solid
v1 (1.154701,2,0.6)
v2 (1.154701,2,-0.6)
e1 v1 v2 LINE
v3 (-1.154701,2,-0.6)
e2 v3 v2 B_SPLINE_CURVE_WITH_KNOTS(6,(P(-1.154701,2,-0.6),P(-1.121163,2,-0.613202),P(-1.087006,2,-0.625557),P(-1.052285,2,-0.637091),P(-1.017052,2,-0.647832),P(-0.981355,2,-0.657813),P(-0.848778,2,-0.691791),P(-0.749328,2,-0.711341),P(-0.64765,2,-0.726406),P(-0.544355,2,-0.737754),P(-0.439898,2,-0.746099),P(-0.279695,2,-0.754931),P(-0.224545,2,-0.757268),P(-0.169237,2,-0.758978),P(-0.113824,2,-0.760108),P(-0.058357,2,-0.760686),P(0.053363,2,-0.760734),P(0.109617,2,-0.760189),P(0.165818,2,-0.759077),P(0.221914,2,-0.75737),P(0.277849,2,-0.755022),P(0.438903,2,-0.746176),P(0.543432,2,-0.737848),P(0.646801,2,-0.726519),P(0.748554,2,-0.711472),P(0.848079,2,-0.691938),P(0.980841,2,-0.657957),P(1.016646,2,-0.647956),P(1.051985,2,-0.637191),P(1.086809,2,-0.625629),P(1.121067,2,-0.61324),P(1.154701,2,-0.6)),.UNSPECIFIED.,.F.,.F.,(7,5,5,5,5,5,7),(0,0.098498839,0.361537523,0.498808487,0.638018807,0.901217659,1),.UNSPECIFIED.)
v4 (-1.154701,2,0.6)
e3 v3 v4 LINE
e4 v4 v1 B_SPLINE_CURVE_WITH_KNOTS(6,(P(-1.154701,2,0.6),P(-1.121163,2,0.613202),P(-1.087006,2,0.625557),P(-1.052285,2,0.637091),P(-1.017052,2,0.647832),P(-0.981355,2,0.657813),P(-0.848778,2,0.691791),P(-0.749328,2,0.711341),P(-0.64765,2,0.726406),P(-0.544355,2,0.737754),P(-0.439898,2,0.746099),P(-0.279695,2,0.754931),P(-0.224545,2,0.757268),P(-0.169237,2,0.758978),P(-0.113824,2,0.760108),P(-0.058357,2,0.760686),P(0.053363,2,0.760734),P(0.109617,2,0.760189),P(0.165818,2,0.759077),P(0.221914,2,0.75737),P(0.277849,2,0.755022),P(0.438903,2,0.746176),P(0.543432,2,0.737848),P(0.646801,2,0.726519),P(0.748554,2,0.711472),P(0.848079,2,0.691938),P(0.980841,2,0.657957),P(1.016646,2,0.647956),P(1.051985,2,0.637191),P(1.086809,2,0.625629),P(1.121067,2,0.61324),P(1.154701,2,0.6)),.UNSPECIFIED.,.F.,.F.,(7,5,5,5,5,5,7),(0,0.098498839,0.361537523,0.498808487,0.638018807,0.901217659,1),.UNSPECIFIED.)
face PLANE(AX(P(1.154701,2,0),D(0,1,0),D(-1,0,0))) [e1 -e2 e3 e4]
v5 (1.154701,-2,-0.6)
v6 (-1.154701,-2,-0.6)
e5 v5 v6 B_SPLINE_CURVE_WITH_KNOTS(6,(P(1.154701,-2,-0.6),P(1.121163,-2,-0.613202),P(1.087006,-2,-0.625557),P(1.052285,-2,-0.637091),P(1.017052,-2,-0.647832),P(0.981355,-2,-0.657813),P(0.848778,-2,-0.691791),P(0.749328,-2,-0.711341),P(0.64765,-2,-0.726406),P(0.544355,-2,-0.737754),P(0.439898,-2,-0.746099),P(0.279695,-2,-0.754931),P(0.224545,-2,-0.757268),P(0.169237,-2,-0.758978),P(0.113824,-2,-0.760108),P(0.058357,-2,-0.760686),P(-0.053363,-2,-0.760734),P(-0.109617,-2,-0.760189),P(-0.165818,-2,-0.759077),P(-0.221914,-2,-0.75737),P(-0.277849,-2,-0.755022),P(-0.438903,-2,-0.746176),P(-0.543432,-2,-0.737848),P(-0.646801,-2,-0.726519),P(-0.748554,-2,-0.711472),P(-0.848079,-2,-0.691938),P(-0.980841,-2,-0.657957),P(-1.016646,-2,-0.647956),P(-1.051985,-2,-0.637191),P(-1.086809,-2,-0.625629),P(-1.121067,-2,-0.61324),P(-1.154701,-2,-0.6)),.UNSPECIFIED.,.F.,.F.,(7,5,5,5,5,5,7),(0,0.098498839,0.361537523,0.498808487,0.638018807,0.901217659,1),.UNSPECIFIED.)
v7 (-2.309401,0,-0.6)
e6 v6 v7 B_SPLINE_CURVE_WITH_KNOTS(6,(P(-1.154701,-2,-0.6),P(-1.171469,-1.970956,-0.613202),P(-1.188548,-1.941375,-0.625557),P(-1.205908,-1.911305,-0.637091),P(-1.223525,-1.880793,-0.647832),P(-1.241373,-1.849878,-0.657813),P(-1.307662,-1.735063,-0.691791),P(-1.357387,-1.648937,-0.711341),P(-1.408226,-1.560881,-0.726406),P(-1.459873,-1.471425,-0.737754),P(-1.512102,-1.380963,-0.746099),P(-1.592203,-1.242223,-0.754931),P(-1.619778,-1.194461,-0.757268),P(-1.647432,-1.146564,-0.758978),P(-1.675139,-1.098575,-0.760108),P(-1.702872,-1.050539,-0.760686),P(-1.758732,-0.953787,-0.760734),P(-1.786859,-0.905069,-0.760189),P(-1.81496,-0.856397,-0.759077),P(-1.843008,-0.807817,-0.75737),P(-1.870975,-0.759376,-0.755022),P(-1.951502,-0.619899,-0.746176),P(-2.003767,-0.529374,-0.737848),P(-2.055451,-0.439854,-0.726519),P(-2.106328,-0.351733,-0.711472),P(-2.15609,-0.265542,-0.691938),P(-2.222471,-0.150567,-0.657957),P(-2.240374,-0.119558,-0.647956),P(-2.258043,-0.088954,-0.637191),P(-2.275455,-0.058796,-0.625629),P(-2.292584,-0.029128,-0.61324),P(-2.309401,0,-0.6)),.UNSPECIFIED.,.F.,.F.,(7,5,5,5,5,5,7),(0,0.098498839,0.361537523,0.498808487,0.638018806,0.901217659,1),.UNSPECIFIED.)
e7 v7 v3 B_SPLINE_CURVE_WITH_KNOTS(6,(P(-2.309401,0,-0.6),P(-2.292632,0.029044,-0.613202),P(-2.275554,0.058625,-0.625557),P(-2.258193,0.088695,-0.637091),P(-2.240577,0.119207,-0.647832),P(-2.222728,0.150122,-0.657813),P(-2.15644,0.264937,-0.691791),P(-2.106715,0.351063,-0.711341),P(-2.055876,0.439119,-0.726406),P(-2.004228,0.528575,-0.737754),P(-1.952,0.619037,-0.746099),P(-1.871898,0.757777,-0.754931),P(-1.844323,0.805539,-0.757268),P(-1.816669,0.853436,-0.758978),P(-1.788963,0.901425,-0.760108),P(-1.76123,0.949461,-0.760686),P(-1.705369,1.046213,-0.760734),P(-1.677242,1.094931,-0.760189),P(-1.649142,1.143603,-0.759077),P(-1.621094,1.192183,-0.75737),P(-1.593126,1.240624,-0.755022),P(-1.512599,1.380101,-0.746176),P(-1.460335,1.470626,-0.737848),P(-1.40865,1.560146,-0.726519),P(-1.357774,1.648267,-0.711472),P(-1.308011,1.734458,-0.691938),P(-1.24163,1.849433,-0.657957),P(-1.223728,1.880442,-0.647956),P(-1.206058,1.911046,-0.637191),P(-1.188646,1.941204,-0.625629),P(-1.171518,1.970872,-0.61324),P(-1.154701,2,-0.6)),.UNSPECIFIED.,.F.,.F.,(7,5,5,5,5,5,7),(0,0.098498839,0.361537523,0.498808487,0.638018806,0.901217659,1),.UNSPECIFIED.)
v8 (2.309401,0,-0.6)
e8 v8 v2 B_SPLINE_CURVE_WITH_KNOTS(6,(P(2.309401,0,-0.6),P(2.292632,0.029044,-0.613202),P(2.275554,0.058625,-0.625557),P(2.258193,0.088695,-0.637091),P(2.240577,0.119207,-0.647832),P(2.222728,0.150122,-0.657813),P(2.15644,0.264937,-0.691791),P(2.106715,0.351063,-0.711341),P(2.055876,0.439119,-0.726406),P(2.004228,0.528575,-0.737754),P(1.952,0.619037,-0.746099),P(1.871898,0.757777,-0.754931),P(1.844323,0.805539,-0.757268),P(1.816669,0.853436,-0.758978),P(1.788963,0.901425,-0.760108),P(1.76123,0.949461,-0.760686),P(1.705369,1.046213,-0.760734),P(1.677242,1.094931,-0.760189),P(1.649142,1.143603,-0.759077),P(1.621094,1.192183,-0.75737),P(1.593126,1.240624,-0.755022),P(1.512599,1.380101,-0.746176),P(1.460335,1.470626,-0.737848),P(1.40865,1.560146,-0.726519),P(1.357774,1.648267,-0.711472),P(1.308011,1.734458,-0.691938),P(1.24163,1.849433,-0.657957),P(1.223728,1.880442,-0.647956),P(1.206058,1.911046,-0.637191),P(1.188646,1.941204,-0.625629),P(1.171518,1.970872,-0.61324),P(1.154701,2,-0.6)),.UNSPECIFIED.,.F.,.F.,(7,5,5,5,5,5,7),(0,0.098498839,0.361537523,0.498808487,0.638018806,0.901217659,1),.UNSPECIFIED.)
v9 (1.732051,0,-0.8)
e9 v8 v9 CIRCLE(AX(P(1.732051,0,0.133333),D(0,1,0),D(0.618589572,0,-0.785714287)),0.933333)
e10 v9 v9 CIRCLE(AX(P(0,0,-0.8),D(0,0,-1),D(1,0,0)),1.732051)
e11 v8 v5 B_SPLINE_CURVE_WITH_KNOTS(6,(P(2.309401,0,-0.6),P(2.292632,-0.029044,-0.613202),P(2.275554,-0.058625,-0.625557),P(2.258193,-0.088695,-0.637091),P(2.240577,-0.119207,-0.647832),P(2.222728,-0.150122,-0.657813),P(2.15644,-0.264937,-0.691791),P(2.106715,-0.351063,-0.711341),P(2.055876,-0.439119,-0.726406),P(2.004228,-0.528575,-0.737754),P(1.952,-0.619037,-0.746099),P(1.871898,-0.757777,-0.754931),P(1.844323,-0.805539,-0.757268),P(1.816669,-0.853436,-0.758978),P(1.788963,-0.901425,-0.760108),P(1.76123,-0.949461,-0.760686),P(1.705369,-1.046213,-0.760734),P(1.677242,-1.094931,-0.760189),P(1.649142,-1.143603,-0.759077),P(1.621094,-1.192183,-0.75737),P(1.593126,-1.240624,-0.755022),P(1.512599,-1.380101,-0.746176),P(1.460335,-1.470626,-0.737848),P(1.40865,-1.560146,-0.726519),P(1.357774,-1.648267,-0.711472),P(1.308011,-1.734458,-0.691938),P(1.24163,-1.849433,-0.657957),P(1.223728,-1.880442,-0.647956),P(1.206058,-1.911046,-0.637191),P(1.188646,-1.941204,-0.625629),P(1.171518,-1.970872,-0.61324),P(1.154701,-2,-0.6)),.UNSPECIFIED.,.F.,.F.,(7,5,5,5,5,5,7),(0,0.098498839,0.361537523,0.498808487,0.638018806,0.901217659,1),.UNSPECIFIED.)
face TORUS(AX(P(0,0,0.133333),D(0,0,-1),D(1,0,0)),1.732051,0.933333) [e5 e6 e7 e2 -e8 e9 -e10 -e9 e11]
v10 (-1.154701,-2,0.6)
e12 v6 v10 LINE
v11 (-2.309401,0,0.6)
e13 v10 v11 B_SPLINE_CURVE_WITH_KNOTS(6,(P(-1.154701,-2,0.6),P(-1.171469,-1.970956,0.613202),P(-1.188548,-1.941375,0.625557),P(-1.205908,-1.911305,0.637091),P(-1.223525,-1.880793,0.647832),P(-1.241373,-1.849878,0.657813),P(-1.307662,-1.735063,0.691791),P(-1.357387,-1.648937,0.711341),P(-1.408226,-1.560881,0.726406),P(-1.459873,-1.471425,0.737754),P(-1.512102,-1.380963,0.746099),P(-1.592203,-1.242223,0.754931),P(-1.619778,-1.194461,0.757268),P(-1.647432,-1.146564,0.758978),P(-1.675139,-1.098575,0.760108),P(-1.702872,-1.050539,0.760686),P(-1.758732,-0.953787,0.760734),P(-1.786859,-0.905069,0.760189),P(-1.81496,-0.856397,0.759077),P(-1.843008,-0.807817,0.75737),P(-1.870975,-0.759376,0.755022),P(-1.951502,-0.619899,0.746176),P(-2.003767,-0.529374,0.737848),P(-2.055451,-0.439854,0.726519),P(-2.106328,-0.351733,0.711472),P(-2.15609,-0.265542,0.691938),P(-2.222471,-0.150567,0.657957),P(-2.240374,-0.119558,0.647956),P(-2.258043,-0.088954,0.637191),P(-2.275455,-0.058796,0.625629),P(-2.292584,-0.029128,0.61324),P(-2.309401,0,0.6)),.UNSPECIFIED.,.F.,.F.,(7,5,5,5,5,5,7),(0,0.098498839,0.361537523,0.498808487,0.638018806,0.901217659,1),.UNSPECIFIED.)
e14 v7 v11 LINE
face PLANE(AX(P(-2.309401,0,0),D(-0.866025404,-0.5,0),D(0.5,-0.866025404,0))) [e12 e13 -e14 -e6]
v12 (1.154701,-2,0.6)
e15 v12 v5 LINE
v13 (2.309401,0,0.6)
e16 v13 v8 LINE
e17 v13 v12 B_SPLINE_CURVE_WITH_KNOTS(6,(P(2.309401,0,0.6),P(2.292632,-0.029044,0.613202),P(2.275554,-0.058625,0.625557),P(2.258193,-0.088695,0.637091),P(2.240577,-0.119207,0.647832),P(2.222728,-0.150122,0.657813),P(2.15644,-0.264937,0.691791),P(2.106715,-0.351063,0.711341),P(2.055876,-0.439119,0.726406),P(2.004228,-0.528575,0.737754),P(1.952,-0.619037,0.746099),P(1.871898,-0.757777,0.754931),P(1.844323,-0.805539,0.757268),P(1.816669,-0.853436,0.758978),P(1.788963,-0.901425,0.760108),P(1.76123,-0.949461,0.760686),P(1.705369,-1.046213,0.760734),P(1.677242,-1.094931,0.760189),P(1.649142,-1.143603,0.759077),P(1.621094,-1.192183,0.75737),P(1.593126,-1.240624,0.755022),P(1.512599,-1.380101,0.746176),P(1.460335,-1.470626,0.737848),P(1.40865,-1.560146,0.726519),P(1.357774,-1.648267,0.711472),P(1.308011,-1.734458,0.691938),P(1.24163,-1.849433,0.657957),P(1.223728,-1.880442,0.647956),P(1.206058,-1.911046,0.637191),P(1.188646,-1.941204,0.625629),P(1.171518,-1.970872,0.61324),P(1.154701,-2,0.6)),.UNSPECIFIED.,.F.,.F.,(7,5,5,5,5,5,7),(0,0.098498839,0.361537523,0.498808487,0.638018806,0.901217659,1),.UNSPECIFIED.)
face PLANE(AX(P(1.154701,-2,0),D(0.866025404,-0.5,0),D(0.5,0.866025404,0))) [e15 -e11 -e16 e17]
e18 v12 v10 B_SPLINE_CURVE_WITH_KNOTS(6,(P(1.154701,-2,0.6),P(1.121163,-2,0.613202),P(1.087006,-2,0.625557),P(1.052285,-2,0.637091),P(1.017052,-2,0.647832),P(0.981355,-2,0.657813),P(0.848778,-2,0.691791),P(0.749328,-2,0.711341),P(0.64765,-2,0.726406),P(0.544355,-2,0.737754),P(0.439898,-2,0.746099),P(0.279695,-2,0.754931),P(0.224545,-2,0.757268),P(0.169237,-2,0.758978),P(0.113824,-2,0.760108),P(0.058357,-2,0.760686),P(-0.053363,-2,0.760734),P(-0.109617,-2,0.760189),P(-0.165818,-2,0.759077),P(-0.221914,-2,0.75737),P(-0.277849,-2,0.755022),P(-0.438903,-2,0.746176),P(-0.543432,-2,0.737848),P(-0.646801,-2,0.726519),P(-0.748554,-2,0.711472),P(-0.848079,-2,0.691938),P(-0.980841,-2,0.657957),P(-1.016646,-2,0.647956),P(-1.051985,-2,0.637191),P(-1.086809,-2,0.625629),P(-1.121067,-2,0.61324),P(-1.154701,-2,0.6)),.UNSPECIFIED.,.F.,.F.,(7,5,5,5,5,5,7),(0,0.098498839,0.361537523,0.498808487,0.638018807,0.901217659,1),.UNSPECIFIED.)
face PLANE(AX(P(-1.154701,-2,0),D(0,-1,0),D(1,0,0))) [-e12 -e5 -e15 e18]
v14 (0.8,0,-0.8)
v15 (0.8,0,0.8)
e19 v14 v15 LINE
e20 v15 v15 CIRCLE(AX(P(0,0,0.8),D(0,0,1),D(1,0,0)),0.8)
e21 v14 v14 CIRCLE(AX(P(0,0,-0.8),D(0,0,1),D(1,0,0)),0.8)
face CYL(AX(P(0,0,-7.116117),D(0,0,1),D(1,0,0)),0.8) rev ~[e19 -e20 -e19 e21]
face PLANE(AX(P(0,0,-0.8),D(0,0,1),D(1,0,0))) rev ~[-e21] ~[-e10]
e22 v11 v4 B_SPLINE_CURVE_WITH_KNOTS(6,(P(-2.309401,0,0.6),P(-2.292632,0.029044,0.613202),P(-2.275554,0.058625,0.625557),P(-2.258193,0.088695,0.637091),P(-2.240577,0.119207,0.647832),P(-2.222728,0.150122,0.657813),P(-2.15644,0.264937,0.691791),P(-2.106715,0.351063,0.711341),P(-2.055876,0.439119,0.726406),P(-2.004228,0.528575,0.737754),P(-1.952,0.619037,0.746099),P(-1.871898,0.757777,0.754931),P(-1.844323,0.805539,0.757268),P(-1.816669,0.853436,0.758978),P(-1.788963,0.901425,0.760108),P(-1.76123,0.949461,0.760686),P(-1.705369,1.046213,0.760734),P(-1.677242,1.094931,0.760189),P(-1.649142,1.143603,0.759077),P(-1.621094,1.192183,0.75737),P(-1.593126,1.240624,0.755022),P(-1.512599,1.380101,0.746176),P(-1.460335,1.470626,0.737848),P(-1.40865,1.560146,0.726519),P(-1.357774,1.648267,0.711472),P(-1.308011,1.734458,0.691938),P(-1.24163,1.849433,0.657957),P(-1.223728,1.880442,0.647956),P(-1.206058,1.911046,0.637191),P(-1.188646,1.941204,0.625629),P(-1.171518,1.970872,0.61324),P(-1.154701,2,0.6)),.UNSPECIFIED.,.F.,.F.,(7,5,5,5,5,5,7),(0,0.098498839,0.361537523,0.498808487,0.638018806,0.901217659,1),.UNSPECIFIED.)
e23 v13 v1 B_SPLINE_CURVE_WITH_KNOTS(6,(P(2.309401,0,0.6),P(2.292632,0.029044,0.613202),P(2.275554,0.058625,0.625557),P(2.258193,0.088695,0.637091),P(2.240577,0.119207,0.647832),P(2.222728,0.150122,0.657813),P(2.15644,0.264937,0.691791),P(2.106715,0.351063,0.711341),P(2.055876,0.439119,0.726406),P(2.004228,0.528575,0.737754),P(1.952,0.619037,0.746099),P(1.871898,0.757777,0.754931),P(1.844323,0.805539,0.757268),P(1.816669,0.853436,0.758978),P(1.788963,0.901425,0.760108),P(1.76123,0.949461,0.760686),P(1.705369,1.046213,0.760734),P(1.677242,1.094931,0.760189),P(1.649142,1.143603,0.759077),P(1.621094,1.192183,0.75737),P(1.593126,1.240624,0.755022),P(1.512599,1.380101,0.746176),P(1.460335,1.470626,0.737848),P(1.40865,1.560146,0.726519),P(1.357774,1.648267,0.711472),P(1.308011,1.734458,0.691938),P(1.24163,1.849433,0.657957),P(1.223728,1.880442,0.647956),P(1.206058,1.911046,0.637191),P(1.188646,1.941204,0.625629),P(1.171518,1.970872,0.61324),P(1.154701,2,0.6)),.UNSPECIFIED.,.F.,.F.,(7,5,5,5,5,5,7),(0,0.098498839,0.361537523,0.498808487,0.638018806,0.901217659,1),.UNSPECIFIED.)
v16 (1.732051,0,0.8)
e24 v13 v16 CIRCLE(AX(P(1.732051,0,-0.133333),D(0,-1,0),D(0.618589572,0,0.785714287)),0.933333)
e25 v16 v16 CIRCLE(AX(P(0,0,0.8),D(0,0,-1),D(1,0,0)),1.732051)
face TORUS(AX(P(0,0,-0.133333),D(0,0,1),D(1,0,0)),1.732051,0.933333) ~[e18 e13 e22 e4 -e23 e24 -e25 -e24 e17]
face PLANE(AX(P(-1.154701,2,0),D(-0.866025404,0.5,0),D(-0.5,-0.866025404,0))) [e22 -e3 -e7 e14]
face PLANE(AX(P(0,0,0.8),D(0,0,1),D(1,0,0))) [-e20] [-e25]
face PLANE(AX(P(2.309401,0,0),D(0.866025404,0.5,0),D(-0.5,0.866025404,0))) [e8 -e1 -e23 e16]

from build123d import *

# Parameters (mm, degrees)
EXTRUDE_319_DEPTH = 0.8
HOLE_WIZARD_1_D   = 1.6


with BuildPart() as part:
    # 草图1 → Extrude 319 (new, symmetric)
    with BuildSketch(Plane.XY):
        Polygon((1.154700538, 2), (-1.154700538, 2), (-2.309401077, 0), (-1.154700538, -2), (1.154700538, -2), (2.309401077, 0), align=None)
    extrude(amount=EXTRUDE_319_DEPTH, both=True)

    # 草图2 → 切除-旋转1 (revolve, cut)
    with BuildSketch(Plane(origin=(0, 0, 0), x_dir=(1, 0, 0), z_dir=(0, 1, 0))):
        with BuildLine():
            Line((1.732050808, 0.8), (2.309401077, 0.8))
            Line((2.309401077, 0.8), (2.309401077, 0.6))
            ThreePointArc((2.309401077, 0.6), (2.037555854, 0.74858377), (1.732050808, 0.8))
        make_face()
        with BuildLine():
            Line((2.309401077, -0.8), (2.309401077, -0.6))
            ThreePointArc((2.309401077, -0.6), (2.037555854, -0.74858377), (1.732050808, -0.8))
            Line((1.732050808, -0.8), (2.309401077, -0.8))
        make_face()
    revolve(axis=Axis((0, 0, 0), (0, 0, -1)), mode=Mode.SUBTRACT)

    # Hole Wizard 1 (through all)
    with Locations(Plane(origin=(0, 0, -0.8), x_dir=(-1, 0, 0), z_dir=(0, 0, -1))):
        with Locations((0, 0)):
            Hole(HOLE_WIZARD_1_D / 2)


solid = part.part
